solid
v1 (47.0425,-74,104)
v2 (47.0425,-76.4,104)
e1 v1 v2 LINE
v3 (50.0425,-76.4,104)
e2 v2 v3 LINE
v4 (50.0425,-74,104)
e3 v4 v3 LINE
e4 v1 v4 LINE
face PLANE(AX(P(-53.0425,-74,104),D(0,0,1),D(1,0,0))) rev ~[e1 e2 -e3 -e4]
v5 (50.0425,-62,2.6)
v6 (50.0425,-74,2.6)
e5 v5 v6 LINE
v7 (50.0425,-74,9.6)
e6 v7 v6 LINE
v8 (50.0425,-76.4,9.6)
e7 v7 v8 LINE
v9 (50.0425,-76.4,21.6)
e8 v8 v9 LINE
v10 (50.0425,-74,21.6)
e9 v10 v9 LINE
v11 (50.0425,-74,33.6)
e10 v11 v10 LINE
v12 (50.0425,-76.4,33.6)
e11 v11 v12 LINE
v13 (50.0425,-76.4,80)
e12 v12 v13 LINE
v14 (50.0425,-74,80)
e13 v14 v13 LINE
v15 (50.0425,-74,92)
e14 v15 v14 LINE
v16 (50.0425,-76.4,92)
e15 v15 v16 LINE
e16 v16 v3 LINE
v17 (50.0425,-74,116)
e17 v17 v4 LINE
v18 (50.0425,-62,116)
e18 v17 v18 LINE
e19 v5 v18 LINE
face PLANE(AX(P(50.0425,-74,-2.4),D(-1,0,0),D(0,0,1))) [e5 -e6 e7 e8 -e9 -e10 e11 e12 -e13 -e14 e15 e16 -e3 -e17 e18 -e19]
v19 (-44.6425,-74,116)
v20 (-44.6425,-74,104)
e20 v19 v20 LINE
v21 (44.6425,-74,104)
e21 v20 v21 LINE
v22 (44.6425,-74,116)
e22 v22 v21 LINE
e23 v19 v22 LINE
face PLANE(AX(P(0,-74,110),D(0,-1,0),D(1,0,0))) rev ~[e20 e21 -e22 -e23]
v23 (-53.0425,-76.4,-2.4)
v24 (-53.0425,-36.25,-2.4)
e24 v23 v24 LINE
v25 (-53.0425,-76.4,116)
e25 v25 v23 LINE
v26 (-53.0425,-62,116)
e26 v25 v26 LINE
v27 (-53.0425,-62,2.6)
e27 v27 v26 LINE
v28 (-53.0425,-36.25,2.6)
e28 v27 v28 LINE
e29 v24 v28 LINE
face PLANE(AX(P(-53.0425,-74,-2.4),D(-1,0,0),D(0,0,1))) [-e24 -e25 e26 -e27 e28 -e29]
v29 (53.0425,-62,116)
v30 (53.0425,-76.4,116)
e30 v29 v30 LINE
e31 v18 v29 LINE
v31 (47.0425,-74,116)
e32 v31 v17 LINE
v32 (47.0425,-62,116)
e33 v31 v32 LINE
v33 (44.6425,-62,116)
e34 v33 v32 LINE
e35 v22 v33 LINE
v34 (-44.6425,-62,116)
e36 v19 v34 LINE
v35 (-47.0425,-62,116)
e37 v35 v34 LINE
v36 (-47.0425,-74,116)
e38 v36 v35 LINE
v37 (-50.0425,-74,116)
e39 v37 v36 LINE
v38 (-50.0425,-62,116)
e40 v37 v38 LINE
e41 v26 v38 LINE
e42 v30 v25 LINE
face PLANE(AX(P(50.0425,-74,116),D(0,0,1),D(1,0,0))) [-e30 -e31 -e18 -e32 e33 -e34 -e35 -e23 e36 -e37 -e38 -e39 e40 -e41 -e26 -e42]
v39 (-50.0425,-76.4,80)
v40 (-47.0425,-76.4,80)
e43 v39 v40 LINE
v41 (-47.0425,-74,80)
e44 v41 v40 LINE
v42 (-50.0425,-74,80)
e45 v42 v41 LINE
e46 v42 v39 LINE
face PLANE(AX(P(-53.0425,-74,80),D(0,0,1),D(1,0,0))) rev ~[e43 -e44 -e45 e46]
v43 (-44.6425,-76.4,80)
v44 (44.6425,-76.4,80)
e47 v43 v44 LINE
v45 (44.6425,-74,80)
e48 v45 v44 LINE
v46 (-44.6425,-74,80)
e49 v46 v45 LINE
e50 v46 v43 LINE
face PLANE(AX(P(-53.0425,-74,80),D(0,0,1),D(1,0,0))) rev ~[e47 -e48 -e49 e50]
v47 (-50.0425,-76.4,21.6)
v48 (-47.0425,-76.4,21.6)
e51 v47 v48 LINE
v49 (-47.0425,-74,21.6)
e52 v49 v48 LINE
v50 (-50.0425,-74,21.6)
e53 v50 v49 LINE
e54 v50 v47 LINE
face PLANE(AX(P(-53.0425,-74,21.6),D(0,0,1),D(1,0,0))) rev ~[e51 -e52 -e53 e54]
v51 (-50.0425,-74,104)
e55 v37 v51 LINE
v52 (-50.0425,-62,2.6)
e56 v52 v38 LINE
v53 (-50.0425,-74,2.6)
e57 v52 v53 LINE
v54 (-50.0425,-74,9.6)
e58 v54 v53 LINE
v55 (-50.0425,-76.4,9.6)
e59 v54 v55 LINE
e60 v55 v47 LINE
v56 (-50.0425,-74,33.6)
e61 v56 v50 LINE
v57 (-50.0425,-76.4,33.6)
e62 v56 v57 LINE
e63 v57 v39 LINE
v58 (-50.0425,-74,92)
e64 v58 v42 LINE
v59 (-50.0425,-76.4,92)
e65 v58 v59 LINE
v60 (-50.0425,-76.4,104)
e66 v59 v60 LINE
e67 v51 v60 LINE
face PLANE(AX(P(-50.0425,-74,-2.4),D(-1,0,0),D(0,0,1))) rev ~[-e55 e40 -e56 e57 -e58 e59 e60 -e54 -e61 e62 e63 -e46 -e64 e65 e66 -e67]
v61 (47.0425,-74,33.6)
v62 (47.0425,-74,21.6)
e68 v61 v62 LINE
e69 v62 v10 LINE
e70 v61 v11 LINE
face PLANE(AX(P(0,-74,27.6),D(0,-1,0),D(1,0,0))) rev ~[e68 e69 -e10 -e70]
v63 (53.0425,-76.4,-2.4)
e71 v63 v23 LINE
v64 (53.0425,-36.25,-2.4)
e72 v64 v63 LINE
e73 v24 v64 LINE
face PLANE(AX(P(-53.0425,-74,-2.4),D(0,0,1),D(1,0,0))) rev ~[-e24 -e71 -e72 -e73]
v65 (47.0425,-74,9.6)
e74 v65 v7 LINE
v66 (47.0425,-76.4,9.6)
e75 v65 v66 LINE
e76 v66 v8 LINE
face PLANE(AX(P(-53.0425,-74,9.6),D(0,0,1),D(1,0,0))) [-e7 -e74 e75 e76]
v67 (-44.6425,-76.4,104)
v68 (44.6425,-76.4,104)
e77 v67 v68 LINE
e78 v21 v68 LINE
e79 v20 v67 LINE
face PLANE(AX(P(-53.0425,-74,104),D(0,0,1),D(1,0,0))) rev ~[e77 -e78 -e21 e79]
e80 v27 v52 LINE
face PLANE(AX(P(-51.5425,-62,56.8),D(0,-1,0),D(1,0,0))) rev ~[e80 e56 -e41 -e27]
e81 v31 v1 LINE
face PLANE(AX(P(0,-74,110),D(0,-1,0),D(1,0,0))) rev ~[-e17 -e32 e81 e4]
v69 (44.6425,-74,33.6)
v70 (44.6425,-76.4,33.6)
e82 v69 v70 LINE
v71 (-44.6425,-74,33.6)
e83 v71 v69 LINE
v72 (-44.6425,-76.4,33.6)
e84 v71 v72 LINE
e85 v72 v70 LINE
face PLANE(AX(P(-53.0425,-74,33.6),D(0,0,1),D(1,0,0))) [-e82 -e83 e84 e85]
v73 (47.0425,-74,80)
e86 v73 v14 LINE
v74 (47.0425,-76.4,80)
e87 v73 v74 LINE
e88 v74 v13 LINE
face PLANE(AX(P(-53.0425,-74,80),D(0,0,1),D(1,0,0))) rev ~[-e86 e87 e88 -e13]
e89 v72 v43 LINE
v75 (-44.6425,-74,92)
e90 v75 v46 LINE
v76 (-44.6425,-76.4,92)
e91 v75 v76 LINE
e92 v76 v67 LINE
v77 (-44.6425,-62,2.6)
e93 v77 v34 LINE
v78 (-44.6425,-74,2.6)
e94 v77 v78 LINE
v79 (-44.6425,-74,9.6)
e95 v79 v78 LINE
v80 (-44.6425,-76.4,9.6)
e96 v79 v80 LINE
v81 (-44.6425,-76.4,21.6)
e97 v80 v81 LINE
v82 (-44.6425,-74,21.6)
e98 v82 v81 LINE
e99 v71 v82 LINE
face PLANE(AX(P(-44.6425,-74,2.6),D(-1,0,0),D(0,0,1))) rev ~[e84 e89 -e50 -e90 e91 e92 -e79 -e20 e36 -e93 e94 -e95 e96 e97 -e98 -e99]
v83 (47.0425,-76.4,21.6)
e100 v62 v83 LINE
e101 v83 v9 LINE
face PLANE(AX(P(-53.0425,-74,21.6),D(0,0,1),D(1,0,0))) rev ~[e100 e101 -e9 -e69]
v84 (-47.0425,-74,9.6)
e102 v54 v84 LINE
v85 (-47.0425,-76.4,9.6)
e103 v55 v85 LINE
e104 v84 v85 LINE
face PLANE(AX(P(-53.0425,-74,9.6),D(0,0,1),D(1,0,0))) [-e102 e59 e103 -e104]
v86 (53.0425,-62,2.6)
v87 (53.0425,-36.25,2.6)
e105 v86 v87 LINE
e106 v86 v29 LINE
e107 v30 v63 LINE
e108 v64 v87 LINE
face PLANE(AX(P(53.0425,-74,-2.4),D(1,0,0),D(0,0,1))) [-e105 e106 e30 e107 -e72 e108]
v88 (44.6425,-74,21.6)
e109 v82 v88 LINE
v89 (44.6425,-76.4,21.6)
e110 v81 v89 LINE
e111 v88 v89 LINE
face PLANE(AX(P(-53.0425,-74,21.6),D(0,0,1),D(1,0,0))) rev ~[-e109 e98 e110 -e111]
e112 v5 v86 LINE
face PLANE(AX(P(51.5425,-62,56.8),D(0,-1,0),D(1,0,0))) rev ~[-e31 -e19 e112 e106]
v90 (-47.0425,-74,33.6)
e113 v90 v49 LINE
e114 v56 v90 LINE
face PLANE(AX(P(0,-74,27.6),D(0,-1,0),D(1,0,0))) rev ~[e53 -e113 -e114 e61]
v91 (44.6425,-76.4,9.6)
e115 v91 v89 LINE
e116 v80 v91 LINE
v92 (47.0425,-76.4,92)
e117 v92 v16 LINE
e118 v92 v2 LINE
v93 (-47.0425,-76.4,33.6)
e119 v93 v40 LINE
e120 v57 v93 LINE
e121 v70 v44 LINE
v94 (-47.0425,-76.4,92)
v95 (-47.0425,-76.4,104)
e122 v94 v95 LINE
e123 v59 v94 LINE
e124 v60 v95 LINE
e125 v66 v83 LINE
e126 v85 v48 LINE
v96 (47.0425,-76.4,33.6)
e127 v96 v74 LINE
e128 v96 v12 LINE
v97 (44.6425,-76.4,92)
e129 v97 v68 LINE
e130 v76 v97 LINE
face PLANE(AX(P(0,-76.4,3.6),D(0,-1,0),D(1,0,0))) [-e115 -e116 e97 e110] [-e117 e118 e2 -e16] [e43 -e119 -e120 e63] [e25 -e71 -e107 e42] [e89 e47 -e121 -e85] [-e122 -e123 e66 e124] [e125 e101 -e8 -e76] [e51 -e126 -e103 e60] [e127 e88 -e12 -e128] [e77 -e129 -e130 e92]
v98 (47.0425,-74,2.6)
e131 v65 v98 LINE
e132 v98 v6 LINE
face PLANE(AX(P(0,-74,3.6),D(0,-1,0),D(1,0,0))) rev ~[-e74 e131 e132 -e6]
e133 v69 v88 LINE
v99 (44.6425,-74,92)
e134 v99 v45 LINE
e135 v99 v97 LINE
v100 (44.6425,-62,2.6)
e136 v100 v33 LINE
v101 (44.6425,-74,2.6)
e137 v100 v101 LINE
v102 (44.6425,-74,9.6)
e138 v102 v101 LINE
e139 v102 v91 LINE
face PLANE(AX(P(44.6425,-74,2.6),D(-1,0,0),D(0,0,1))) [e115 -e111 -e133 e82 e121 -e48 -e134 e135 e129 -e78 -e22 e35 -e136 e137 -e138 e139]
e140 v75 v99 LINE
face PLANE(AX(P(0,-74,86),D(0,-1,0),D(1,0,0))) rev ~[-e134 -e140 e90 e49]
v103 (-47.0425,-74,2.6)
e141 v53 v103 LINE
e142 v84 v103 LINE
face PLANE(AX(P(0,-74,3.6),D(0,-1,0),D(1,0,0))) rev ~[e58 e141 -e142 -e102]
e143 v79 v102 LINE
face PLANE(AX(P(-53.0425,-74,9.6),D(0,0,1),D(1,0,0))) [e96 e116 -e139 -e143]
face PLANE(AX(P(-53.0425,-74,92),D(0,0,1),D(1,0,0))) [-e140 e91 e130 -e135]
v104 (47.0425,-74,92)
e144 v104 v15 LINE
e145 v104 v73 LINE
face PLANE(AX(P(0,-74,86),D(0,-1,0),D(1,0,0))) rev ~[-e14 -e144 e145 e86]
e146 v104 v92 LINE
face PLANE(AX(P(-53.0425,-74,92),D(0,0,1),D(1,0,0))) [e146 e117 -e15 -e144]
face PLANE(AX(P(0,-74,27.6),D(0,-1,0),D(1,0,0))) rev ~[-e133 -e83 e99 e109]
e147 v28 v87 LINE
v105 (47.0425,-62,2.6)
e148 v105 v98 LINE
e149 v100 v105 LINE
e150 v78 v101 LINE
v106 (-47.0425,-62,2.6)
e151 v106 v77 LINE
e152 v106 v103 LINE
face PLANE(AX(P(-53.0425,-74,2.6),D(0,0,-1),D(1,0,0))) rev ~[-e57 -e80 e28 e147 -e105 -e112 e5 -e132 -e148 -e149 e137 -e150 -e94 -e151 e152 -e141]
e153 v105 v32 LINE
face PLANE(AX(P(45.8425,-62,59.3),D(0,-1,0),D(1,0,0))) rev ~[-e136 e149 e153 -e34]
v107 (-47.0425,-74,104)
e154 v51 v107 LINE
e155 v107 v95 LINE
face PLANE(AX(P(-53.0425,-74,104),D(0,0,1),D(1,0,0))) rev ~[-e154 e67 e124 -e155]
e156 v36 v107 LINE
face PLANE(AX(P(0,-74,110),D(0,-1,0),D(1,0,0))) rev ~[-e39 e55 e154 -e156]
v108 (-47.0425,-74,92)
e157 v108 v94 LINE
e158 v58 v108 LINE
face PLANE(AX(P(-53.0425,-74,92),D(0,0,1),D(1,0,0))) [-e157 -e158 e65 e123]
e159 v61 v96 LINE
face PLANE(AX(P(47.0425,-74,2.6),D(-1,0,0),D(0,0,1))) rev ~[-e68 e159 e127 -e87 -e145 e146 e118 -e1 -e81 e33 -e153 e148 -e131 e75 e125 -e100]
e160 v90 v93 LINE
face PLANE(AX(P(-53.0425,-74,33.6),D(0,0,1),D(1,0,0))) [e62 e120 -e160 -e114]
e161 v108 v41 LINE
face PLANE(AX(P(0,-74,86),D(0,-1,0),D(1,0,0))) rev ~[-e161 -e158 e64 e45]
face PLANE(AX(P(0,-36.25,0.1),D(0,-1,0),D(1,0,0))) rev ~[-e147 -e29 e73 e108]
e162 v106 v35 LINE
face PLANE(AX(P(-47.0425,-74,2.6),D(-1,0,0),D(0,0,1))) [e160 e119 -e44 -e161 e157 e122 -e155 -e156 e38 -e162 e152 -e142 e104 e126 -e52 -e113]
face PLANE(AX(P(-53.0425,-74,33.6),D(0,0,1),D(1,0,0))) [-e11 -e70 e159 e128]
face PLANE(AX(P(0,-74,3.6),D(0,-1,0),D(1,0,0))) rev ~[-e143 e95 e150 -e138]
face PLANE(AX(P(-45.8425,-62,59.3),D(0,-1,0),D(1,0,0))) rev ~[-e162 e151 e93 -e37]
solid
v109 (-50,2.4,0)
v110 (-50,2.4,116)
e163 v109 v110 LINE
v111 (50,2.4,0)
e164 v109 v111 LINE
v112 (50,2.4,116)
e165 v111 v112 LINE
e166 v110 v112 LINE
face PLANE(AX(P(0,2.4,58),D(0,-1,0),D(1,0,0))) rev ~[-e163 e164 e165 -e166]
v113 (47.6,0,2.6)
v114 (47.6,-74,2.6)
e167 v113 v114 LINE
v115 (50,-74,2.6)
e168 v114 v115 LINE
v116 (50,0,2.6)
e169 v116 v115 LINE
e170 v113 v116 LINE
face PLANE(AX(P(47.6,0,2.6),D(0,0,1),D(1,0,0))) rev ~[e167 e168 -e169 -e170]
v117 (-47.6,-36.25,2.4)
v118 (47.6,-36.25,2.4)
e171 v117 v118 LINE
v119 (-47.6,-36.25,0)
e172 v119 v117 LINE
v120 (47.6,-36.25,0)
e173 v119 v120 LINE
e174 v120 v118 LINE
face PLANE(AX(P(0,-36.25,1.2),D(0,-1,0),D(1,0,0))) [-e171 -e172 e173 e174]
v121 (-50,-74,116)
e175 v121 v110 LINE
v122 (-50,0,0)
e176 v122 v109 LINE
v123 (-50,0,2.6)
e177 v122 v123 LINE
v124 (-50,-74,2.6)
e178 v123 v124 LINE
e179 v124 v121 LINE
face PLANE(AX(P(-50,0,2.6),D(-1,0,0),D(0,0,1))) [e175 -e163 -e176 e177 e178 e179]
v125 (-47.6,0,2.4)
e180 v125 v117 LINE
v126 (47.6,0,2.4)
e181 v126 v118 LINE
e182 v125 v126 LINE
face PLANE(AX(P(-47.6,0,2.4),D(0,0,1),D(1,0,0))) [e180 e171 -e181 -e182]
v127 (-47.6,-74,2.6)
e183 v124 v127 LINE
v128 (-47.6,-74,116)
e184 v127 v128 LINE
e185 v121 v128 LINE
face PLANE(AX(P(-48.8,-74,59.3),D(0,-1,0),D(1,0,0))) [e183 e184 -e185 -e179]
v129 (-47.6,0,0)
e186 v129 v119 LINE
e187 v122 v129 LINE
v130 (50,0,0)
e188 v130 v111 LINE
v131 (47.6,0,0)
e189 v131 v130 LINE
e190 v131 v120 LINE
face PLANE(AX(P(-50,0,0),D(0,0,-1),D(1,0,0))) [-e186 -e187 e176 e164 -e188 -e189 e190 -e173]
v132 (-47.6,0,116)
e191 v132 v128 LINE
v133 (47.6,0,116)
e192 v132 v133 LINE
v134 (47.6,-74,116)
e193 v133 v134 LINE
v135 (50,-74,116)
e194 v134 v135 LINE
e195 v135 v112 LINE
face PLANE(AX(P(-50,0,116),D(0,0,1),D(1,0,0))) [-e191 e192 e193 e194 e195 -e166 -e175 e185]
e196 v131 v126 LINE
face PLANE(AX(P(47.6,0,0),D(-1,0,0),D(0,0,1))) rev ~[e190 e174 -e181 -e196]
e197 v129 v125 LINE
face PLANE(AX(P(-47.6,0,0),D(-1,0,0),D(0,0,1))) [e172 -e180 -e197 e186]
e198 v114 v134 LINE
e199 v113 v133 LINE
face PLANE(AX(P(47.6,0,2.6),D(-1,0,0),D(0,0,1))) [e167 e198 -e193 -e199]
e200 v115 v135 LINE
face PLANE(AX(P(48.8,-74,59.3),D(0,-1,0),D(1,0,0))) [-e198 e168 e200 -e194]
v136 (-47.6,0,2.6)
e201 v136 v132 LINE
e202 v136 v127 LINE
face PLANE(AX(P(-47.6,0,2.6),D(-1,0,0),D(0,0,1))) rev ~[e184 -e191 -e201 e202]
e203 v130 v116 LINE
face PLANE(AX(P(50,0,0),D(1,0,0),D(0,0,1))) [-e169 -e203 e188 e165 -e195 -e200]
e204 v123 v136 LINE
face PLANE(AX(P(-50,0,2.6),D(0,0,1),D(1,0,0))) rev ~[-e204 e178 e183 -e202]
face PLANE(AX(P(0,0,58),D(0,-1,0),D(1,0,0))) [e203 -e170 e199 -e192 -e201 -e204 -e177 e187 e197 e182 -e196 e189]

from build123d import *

# Parameters (mm, degrees)
F0_W          = 100
F0_H          = 116
F1_DEPTH      = 2.4
F2_W          = 2.4
F2_H          = 113.4
F3_DEPTH      = 74
F4_W          = 95.2
F4_H          = 2.4
F5_DEPTH      = 36.25
F6_W          = 106.085
F6_H          = 12
F7_DEPTH      = 2.4
F8_W          = 3
F8_H          = 118.4
F9_DEPTH      = 12
F9_DEPTH_BACK = 2.4
F8_W_2        = 2.4
F8_H_2        = 113.4
F10_W         = 106.085
F10_H         = 5
F11_DEPTH     = 37.75


with BuildPart() as f1:
    # F0 (on Front) → F1 (new body)
    with BuildSketch(Plane.XZ):
        with Locations((0, 58)):
            Rectangle(F0_W, F0_H)
    extrude(amount=-F1_DEPTH)

    # F2 (on face) → F3 (join)
    with BuildSketch(Plane.XZ):
        with Locations((-48.8, 59.3)):
            Rectangle(F2_W, F2_H)
        with Locations((48.8, 59.3)):
            Rectangle(F2_W, F2_H)
    extrude(amount=F3_DEPTH)

    # F4 (on face) → F5 (join)
    with BuildSketch(Plane.XZ):
        with Locations((0, 1.2)):
            Rectangle(F4_W, F4_H)
    extrude(amount=F5_DEPTH)


with BuildPart() as f7:
    # F6 (on face) → F7 (new body)
    with BuildSketch(Plane.XZ.offset(74)):
        with Locations((0, 110)):
            Rectangle(F6_W, F6_H)
        with Locations((0, 86)):
            Rectangle(F6_W, F6_H)
        with Locations((0, 3.6)):
            Rectangle(F6_W, F6_H)
        with Locations((0, 27.6)):
            Rectangle(F6_W, F6_H)
    extrude(amount=F7_DEPTH)



with BuildPart() as f9:
    # F8 (on face) → F9 (new body, two sides)
    with BuildSketch(Plane.XZ.offset(74)) as f9_sk:
        with Locations((51.5425, 56.8)):
            Rectangle(F8_W, F8_H)
    extrude(amount=-F9_DEPTH)
    extrude(f9_sk.sketch, amount=F9_DEPTH_BACK)


with BuildPart() as f9b:
    # F8 (on face) → F9, piece 2 (new body, two sides)
    with BuildSketch(Plane.XZ.offset(74)) as f9_2_sk:
        with Locations((-51.5425, 56.8)):
            Rectangle(F8_W, F8_H)
    extrude(amount=-F9_DEPTH)
    extrude(f9_2_sk.sketch, amount=F9_DEPTH_BACK)


with BuildPart() as f9c:
    # F8 (on face) → F9, piece 3 (new body, two sides)
    with BuildSketch(Plane.XZ.offset(74)) as f9_3_sk:
        with Locations((45.8425, 59.3)):
            Rectangle(F8_W_2, F8_H_2)
    extrude(amount=-F9_DEPTH)
    extrude(f9_3_sk.sketch, amount=F9_DEPTH_BACK)


with BuildPart() as f9d:
    # F8 (on face) → F9, piece 4 (new body, two sides)
    with BuildSketch(Plane.XZ.offset(74)) as f9_4_sk:
        with Locations((-45.8425, 59.3)):
            Rectangle(F8_W_2, F8_H_2)
    extrude(amount=-F9_DEPTH)
    extrude(f9_4_sk.sketch, amount=F9_DEPTH_BACK)


with BuildPart() as f7_1:
    add(f7.part)

    add(f9.part)  # F11 merges F9

    add(f9b.part)  # F11 merges F9b

    add(f9c.part)  # F11 merges F9c

    add(f9d.part)  # F11 merges F9d
    # F10 (on face) → F11 (join, through all)
    with BuildSketch(Plane.XZ.offset(74)):
        with Locations((0, 0.1)):
            Rectangle(F10_W, F10_H)
    extrude(amount=-F11_DEPTH)


solid = Compound([f1.part, f7_1.part])
